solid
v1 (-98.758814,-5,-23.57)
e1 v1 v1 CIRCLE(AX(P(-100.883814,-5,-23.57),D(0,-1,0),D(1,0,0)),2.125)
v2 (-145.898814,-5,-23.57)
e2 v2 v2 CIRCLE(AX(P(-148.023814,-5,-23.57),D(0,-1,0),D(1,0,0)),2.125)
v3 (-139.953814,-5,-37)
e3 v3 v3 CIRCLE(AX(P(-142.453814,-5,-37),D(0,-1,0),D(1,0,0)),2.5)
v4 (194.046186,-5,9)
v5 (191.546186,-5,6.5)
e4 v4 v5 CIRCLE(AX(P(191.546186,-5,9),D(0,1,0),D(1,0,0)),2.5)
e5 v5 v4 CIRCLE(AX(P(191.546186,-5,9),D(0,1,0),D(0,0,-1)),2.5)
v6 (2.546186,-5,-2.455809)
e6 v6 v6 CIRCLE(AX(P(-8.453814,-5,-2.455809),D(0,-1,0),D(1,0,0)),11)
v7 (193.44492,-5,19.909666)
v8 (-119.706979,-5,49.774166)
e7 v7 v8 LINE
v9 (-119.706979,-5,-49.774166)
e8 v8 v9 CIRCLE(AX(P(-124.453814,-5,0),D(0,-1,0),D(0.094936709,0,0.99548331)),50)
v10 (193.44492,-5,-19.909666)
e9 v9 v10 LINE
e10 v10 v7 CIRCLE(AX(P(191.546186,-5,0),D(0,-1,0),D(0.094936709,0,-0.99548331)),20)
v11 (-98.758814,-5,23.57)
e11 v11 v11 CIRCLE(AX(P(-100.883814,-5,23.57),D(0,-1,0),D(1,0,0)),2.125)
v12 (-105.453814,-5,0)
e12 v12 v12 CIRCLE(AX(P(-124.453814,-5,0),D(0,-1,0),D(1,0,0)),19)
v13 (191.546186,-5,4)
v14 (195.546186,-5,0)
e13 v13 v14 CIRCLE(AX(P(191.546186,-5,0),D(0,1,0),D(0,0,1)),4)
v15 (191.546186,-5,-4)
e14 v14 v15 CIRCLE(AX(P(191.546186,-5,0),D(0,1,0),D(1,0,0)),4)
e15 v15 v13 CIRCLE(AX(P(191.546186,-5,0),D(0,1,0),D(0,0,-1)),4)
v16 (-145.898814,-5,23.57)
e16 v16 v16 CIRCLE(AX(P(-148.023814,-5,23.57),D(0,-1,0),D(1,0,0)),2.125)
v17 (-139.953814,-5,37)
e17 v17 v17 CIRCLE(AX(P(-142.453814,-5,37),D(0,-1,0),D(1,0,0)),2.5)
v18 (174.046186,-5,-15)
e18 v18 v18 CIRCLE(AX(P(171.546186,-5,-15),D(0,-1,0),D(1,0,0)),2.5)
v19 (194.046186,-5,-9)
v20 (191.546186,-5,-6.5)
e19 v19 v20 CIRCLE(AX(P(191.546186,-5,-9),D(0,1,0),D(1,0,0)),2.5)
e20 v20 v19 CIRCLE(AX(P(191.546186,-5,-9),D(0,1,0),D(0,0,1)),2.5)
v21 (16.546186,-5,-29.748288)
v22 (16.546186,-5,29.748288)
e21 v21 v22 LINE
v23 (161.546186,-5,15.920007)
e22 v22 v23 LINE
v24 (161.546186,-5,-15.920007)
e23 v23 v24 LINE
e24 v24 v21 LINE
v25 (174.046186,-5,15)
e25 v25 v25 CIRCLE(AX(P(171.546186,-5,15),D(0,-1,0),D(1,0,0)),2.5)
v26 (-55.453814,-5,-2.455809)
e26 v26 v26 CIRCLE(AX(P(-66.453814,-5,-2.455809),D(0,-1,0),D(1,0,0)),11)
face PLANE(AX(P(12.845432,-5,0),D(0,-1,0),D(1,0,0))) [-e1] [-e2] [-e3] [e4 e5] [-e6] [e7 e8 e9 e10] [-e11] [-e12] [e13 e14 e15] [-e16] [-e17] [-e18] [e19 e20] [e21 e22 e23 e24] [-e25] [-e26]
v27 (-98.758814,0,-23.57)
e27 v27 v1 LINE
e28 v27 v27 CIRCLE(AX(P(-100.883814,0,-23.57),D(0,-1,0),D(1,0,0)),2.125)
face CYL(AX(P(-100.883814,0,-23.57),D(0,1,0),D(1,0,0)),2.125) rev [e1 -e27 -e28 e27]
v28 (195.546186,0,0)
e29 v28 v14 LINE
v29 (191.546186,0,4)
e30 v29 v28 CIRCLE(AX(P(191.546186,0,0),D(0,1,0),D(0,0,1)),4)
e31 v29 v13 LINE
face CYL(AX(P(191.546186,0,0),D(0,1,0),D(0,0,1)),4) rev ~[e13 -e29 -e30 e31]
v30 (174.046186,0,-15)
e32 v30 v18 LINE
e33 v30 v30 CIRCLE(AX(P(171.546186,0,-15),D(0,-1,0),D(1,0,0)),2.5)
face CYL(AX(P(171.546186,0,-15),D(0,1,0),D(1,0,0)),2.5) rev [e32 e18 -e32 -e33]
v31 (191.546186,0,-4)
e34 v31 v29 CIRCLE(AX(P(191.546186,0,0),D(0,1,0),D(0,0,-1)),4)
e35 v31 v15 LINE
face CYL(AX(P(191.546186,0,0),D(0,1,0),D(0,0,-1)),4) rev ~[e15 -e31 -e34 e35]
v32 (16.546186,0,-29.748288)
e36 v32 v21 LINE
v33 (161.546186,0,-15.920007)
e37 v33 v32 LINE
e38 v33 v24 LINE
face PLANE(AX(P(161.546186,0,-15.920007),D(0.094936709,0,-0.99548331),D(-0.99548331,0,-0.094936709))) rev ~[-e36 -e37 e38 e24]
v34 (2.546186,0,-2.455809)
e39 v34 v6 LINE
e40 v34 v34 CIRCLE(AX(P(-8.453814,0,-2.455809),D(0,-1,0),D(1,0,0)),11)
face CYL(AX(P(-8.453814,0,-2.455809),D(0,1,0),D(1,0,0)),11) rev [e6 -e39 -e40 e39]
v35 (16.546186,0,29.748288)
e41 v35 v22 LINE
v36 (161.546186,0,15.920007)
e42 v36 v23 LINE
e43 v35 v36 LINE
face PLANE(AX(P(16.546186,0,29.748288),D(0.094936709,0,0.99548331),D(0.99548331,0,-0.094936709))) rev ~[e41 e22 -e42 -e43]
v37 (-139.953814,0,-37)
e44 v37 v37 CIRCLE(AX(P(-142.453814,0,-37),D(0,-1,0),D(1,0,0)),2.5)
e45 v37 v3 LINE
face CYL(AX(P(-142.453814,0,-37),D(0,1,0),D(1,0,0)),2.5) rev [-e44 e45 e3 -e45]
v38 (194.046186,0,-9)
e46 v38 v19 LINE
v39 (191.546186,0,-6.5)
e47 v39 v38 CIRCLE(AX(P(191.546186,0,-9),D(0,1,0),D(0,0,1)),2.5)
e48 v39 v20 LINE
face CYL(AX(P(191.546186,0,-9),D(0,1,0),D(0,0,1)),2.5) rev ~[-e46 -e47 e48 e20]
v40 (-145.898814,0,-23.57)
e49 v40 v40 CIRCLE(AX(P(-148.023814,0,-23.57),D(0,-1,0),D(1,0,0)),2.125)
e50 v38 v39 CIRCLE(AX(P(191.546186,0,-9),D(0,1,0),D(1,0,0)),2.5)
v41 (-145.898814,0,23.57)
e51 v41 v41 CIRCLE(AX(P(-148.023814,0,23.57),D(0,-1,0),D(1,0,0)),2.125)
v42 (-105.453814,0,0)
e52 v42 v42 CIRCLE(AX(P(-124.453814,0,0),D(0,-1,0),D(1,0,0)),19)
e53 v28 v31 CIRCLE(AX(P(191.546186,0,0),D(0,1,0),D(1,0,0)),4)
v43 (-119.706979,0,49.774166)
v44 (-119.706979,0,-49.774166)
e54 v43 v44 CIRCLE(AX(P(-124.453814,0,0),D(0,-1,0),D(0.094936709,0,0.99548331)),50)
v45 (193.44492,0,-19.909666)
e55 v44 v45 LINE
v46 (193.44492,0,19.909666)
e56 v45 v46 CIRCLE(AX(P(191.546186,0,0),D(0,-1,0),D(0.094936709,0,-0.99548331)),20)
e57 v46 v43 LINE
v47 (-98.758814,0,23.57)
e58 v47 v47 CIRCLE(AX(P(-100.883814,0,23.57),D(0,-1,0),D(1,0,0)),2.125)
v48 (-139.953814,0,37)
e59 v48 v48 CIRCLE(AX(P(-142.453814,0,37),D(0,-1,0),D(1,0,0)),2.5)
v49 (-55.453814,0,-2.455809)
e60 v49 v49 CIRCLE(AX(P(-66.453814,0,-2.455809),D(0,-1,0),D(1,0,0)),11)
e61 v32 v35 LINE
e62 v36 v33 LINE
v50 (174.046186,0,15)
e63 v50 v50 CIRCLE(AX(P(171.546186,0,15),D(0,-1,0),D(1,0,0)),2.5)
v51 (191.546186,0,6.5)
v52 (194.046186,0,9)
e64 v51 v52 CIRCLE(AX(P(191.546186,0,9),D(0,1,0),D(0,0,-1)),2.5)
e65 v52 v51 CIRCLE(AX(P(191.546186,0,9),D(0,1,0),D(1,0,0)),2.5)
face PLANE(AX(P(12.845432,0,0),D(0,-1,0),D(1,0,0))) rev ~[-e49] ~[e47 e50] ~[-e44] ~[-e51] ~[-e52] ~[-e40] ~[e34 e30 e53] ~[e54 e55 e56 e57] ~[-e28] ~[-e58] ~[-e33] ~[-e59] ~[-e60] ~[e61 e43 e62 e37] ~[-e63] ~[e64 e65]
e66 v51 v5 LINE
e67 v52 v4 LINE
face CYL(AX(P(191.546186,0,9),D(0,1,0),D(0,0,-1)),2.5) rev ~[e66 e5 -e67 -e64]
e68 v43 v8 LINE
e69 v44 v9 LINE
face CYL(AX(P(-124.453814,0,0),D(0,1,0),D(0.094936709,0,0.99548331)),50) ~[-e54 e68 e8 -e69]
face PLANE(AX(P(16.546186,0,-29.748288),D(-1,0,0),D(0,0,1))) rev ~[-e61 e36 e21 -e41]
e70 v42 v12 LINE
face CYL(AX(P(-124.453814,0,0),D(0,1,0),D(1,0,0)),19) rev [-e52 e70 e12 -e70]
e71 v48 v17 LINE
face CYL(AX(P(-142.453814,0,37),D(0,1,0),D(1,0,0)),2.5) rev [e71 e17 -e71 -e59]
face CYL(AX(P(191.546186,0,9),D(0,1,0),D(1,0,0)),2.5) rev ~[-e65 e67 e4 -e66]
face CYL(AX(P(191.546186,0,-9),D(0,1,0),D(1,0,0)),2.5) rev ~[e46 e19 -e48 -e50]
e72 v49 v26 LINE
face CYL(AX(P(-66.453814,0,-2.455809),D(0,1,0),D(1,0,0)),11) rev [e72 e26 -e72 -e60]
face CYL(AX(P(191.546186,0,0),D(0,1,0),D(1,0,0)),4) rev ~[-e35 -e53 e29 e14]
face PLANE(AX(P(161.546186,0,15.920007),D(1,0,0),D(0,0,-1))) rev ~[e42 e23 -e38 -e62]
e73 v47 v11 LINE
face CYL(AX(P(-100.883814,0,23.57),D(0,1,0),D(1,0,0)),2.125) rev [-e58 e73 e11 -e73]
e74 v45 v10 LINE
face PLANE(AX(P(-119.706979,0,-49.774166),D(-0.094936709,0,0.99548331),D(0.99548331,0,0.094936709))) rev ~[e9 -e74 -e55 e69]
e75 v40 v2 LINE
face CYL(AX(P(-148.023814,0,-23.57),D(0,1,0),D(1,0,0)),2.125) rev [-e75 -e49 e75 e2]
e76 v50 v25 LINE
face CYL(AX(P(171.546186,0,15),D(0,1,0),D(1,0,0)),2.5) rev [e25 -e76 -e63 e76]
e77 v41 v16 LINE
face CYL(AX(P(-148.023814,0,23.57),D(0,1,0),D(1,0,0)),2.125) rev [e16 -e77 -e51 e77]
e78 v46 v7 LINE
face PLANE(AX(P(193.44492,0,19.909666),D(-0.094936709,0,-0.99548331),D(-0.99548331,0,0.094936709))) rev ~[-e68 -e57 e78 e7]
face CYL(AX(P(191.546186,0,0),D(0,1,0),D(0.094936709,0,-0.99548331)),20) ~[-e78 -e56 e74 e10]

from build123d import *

# Parameters (mm, degrees)
F0_R     = 2.5
F0_R_2   = 2.125
F0_R_3   = 11
F0_R_4   = 19
F1_DEPTH = 5


with BuildPart() as f1:
    # F0 (on Front) → F1 (new body)
    with BuildSketch(Plane.XZ):
        with BuildLine():
            Line((193.4449201921, 19.9096662083), (-119.7069785421, 49.7741655206))
            ThreePointArc((-119.7069785421, 49.7741655206), (-174.4538139851, 0), (-119.7069785421, -49.7741655206))
            Line((-119.7069785421, -49.7741655206), (193.4449201921, -19.9096662083))
            ThreePointArc((193.4449201921, -19.9096662083), (211.5461860149, 0), (193.4449201921, 19.9096662083))
        make_face()
        with Locations((-142.4538139851, -37)):
            Circle(F0_R, mode=Mode.SUBTRACT)
        with Locations((-148.0238139851, -23.57)):
            Circle(F0_R_2, mode=Mode.SUBTRACT)
        with Locations((-100.8838139851, -23.57)):
            Circle(F0_R_2, mode=Mode.SUBTRACT)
        with Locations((-66.4538139851, -2.4558089723)):
            Circle(F0_R_3, mode=Mode.SUBTRACT)
        with Locations((-8.4538139851, -2.4558089723)):
            Circle(F0_R_3, mode=Mode.SUBTRACT)
        Polygon((16.5461860149, -29.7482878325), (16.5461860149, 29.7482878325), (161.5461860149, 15.9200069956), (161.5461860149, -15.9200069956), align=None, mode=Mode.SUBTRACT)
        with Locations((171.5461860149, -15)):
            Circle(F0_R, mode=Mode.SUBTRACT)
        with BuildLine():
            ThreePointArc((194.0461860149, -9), (189.7784190619, -10.767766953), (191.5461860149, -6.5))
            ThreePointArc((191.5461860149, -6.5), (193.3139529678, -7.232233047), (194.0461860149, -9))
        make_face(mode=Mode.SUBTRACT)
        with Locations((-124.4538139851, 0)):
            Circle(F0_R_4, mode=Mode.SUBTRACT)
        with Locations((-148.0238139851, 23.57)):
            Circle(F0_R_2, mode=Mode.SUBTRACT)
        with Locations((-100.8838139851, 23.57)):
            Circle(F0_R_2, mode=Mode.SUBTRACT)
        with Locations((-142.4538139851, 37)):
            Circle(F0_R, mode=Mode.SUBTRACT)
        with BuildLine():
            ThreePointArc((191.5461860149, 4), (194.3746131396, 2.8284271247), (195.5461860149, 0))
            ThreePointArc((195.5461860149, 0), (194.3746131396, -2.8284271247), (191.5461860149, -4))
            ThreePointArc((191.5461860149, -4), (187.5461860149, 0), (191.5461860149, 4))
        make_face(mode=Mode.SUBTRACT)
        with BuildLine():
            ThreePointArc((194.0461860149, 9), (193.3139529678, 7.232233047), (191.5461860149, 6.5))
            ThreePointArc((191.5461860149, 6.5), (189.7784190619, 10.767766953), (194.0461860149, 9))
        make_face(mode=Mode.SUBTRACT)
        with Locations((171.5461860149, 15)):
            Circle(F0_R, mode=Mode.SUBTRACT)
    extrude(amount=F1_DEPTH)


solid = f1.part
